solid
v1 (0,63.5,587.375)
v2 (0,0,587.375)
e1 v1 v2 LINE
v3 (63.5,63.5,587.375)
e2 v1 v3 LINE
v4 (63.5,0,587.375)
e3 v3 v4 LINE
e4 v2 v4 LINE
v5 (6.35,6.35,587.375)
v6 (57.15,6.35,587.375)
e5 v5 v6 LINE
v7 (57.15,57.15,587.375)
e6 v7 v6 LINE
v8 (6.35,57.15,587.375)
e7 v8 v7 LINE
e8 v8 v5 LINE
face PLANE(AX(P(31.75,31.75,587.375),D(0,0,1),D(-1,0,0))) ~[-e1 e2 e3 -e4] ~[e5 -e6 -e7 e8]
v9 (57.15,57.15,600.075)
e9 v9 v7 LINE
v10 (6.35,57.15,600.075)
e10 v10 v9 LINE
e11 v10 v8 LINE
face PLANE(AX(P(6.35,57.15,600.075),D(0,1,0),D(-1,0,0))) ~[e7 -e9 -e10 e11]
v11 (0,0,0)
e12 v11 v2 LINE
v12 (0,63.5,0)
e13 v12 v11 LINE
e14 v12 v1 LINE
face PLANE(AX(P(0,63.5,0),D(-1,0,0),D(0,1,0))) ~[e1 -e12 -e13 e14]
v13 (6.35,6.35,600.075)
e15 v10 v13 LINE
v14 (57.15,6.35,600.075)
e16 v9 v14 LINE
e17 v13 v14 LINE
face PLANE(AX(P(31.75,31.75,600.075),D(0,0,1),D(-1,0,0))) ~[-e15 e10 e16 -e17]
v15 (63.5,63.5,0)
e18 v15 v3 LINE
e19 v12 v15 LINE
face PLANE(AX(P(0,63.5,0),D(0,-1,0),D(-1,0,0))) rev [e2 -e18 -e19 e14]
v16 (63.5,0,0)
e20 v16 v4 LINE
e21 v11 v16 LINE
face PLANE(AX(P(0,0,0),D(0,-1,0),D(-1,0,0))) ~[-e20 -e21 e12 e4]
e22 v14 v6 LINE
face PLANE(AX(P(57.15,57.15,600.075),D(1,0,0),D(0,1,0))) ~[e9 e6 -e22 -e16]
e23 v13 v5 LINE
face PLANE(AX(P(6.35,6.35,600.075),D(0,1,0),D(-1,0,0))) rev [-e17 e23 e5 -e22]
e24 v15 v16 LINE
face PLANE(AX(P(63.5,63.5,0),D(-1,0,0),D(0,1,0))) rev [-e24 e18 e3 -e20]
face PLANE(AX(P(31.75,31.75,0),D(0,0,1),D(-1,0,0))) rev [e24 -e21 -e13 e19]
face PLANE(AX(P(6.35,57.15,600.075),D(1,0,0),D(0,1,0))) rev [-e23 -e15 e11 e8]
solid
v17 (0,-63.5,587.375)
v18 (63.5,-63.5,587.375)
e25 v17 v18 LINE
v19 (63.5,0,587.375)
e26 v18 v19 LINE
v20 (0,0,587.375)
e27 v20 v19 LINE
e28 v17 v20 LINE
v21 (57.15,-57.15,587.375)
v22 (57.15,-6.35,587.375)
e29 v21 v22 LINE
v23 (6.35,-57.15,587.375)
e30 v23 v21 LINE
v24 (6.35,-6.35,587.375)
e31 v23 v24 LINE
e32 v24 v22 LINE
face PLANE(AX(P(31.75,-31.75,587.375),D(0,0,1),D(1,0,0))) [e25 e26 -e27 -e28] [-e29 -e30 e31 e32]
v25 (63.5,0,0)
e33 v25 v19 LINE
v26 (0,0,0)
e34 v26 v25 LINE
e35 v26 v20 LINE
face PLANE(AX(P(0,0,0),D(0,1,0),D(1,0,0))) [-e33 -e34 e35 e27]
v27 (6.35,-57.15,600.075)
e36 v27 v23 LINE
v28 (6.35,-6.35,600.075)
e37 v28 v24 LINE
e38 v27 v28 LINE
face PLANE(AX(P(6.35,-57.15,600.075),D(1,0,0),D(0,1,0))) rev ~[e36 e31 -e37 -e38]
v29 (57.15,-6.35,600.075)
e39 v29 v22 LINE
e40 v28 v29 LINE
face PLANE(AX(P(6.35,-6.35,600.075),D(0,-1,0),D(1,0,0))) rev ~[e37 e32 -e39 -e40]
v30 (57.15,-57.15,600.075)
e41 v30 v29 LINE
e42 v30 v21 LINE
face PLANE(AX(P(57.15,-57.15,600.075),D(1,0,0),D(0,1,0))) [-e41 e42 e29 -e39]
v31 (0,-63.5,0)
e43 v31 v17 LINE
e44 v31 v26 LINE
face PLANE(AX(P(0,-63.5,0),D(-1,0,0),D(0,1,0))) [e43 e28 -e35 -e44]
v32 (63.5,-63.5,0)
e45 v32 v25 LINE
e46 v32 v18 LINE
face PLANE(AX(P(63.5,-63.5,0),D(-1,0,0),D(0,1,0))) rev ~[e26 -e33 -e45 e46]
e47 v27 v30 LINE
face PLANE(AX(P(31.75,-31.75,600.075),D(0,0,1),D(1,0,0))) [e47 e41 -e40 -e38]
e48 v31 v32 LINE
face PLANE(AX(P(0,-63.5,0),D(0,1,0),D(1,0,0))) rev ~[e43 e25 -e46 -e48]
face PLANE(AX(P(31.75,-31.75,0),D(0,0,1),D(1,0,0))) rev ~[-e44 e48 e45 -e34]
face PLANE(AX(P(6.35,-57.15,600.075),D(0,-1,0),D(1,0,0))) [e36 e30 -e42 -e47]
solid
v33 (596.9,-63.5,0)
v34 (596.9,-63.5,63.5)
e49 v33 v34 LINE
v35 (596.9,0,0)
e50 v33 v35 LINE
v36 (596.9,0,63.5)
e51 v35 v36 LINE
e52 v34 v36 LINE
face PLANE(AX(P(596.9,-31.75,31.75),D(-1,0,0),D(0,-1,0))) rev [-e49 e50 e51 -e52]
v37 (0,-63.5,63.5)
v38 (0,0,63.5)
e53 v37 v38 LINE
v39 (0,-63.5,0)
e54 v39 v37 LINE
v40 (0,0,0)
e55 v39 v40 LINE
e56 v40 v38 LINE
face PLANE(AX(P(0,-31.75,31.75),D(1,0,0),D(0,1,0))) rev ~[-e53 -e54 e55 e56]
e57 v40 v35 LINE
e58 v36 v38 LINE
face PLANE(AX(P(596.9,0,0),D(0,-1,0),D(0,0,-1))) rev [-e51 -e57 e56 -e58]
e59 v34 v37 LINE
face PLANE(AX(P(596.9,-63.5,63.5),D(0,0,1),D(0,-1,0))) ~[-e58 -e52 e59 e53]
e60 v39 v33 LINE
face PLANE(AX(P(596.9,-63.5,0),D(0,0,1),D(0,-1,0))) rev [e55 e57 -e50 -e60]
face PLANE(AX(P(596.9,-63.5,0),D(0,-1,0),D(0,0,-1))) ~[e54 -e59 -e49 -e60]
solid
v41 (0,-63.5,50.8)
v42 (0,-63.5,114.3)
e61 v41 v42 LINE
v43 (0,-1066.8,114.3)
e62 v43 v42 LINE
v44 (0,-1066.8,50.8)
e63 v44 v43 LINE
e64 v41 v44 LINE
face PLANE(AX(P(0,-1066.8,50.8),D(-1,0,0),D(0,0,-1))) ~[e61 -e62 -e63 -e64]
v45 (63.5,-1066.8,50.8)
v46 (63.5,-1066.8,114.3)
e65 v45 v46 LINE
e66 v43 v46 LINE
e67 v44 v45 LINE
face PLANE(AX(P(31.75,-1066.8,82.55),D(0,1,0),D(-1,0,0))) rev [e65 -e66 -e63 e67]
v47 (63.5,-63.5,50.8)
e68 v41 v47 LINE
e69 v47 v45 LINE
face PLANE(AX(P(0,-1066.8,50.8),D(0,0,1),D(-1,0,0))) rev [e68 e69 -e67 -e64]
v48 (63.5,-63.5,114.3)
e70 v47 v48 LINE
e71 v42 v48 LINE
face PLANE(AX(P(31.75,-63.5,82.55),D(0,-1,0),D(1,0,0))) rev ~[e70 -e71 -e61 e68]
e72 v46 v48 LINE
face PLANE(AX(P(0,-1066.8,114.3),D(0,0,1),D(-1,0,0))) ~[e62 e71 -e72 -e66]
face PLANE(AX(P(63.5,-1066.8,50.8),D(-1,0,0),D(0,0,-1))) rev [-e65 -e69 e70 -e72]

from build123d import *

# Parameters (mm, degrees)
F0_W     = 63.5
F0_H     = 63.5
F1_DEPTH = 600.075
F2_W     = 63.5
F2_H     = 63.5
F2_W_2   = 50.8
F2_H_2   = 50.8
F3_DEPTH = 12.7
F4_W     = 63.5
F4_H     = 63.5
F5_DEPTH = 501.65
F7_W     = 63.5
F7_H     = 63.5
F8_DEPTH = 298.45


with BuildPart() as f1:
    # F0 (on Top) → F1 (new body)
    with BuildSketch(Plane.XY):
        with Locations((31.75, -31.75)):
            Rectangle(F0_W, F0_H)
    extrude(amount=F1_DEPTH)

    # F2 (on face) → F3 (cut)
    with BuildSketch(Plane.XY.offset(600.075)):
        with Locations((31.75, -31.75)):
            Rectangle(F2_W, F2_H)
        with Locations((31.75, -31.75)):
            Rectangle(F2_W_2, F2_H_2, mode=Mode.SUBTRACT)
    extrude(amount=-F3_DEPTH, mode=Mode.SUBTRACT)


with BuildPart() as f5:
    # F4 (on face) → F5 (new body)
    with BuildSketch(Plane.XZ.offset(63.5)):
        with Locations((31.75, 82.55)):
            Rectangle(F4_W, F4_H)
    extrude(amount=F5_DEPTH)

    # F6: F5 across face


with BuildPart() as f5_1:
    add(f5.part)
    add(f5.part.mirror(Plane(origin=(31.75, -565.15, 82.55), x_dir=(1, 0, 0), z_dir=(0, -1, 0))))


with BuildPart() as f8:
    # F7 (on Right) → F8 (new body)
    with BuildSketch(Plane.YZ):
        with Locations((-31.75, 31.75)):
            Rectangle(F7_W, F7_H)
    extrude(amount=F8_DEPTH)

    # F9: F8 across face


with BuildPart() as f8_1:
    add(f8.part)
    add(f8.part.mirror(Plane(origin=(298.45, -31.75, 31.75), x_dir=(0, 1, 0), z_dir=(1, 0, 0))))


with BuildPart() as f10_1:
    # F10: instance of F1
    add(f1.part.mirror(Plane.XZ))


solid = Compound([f1.part, f5_1.part, f8_1.part, f10_1.part])
